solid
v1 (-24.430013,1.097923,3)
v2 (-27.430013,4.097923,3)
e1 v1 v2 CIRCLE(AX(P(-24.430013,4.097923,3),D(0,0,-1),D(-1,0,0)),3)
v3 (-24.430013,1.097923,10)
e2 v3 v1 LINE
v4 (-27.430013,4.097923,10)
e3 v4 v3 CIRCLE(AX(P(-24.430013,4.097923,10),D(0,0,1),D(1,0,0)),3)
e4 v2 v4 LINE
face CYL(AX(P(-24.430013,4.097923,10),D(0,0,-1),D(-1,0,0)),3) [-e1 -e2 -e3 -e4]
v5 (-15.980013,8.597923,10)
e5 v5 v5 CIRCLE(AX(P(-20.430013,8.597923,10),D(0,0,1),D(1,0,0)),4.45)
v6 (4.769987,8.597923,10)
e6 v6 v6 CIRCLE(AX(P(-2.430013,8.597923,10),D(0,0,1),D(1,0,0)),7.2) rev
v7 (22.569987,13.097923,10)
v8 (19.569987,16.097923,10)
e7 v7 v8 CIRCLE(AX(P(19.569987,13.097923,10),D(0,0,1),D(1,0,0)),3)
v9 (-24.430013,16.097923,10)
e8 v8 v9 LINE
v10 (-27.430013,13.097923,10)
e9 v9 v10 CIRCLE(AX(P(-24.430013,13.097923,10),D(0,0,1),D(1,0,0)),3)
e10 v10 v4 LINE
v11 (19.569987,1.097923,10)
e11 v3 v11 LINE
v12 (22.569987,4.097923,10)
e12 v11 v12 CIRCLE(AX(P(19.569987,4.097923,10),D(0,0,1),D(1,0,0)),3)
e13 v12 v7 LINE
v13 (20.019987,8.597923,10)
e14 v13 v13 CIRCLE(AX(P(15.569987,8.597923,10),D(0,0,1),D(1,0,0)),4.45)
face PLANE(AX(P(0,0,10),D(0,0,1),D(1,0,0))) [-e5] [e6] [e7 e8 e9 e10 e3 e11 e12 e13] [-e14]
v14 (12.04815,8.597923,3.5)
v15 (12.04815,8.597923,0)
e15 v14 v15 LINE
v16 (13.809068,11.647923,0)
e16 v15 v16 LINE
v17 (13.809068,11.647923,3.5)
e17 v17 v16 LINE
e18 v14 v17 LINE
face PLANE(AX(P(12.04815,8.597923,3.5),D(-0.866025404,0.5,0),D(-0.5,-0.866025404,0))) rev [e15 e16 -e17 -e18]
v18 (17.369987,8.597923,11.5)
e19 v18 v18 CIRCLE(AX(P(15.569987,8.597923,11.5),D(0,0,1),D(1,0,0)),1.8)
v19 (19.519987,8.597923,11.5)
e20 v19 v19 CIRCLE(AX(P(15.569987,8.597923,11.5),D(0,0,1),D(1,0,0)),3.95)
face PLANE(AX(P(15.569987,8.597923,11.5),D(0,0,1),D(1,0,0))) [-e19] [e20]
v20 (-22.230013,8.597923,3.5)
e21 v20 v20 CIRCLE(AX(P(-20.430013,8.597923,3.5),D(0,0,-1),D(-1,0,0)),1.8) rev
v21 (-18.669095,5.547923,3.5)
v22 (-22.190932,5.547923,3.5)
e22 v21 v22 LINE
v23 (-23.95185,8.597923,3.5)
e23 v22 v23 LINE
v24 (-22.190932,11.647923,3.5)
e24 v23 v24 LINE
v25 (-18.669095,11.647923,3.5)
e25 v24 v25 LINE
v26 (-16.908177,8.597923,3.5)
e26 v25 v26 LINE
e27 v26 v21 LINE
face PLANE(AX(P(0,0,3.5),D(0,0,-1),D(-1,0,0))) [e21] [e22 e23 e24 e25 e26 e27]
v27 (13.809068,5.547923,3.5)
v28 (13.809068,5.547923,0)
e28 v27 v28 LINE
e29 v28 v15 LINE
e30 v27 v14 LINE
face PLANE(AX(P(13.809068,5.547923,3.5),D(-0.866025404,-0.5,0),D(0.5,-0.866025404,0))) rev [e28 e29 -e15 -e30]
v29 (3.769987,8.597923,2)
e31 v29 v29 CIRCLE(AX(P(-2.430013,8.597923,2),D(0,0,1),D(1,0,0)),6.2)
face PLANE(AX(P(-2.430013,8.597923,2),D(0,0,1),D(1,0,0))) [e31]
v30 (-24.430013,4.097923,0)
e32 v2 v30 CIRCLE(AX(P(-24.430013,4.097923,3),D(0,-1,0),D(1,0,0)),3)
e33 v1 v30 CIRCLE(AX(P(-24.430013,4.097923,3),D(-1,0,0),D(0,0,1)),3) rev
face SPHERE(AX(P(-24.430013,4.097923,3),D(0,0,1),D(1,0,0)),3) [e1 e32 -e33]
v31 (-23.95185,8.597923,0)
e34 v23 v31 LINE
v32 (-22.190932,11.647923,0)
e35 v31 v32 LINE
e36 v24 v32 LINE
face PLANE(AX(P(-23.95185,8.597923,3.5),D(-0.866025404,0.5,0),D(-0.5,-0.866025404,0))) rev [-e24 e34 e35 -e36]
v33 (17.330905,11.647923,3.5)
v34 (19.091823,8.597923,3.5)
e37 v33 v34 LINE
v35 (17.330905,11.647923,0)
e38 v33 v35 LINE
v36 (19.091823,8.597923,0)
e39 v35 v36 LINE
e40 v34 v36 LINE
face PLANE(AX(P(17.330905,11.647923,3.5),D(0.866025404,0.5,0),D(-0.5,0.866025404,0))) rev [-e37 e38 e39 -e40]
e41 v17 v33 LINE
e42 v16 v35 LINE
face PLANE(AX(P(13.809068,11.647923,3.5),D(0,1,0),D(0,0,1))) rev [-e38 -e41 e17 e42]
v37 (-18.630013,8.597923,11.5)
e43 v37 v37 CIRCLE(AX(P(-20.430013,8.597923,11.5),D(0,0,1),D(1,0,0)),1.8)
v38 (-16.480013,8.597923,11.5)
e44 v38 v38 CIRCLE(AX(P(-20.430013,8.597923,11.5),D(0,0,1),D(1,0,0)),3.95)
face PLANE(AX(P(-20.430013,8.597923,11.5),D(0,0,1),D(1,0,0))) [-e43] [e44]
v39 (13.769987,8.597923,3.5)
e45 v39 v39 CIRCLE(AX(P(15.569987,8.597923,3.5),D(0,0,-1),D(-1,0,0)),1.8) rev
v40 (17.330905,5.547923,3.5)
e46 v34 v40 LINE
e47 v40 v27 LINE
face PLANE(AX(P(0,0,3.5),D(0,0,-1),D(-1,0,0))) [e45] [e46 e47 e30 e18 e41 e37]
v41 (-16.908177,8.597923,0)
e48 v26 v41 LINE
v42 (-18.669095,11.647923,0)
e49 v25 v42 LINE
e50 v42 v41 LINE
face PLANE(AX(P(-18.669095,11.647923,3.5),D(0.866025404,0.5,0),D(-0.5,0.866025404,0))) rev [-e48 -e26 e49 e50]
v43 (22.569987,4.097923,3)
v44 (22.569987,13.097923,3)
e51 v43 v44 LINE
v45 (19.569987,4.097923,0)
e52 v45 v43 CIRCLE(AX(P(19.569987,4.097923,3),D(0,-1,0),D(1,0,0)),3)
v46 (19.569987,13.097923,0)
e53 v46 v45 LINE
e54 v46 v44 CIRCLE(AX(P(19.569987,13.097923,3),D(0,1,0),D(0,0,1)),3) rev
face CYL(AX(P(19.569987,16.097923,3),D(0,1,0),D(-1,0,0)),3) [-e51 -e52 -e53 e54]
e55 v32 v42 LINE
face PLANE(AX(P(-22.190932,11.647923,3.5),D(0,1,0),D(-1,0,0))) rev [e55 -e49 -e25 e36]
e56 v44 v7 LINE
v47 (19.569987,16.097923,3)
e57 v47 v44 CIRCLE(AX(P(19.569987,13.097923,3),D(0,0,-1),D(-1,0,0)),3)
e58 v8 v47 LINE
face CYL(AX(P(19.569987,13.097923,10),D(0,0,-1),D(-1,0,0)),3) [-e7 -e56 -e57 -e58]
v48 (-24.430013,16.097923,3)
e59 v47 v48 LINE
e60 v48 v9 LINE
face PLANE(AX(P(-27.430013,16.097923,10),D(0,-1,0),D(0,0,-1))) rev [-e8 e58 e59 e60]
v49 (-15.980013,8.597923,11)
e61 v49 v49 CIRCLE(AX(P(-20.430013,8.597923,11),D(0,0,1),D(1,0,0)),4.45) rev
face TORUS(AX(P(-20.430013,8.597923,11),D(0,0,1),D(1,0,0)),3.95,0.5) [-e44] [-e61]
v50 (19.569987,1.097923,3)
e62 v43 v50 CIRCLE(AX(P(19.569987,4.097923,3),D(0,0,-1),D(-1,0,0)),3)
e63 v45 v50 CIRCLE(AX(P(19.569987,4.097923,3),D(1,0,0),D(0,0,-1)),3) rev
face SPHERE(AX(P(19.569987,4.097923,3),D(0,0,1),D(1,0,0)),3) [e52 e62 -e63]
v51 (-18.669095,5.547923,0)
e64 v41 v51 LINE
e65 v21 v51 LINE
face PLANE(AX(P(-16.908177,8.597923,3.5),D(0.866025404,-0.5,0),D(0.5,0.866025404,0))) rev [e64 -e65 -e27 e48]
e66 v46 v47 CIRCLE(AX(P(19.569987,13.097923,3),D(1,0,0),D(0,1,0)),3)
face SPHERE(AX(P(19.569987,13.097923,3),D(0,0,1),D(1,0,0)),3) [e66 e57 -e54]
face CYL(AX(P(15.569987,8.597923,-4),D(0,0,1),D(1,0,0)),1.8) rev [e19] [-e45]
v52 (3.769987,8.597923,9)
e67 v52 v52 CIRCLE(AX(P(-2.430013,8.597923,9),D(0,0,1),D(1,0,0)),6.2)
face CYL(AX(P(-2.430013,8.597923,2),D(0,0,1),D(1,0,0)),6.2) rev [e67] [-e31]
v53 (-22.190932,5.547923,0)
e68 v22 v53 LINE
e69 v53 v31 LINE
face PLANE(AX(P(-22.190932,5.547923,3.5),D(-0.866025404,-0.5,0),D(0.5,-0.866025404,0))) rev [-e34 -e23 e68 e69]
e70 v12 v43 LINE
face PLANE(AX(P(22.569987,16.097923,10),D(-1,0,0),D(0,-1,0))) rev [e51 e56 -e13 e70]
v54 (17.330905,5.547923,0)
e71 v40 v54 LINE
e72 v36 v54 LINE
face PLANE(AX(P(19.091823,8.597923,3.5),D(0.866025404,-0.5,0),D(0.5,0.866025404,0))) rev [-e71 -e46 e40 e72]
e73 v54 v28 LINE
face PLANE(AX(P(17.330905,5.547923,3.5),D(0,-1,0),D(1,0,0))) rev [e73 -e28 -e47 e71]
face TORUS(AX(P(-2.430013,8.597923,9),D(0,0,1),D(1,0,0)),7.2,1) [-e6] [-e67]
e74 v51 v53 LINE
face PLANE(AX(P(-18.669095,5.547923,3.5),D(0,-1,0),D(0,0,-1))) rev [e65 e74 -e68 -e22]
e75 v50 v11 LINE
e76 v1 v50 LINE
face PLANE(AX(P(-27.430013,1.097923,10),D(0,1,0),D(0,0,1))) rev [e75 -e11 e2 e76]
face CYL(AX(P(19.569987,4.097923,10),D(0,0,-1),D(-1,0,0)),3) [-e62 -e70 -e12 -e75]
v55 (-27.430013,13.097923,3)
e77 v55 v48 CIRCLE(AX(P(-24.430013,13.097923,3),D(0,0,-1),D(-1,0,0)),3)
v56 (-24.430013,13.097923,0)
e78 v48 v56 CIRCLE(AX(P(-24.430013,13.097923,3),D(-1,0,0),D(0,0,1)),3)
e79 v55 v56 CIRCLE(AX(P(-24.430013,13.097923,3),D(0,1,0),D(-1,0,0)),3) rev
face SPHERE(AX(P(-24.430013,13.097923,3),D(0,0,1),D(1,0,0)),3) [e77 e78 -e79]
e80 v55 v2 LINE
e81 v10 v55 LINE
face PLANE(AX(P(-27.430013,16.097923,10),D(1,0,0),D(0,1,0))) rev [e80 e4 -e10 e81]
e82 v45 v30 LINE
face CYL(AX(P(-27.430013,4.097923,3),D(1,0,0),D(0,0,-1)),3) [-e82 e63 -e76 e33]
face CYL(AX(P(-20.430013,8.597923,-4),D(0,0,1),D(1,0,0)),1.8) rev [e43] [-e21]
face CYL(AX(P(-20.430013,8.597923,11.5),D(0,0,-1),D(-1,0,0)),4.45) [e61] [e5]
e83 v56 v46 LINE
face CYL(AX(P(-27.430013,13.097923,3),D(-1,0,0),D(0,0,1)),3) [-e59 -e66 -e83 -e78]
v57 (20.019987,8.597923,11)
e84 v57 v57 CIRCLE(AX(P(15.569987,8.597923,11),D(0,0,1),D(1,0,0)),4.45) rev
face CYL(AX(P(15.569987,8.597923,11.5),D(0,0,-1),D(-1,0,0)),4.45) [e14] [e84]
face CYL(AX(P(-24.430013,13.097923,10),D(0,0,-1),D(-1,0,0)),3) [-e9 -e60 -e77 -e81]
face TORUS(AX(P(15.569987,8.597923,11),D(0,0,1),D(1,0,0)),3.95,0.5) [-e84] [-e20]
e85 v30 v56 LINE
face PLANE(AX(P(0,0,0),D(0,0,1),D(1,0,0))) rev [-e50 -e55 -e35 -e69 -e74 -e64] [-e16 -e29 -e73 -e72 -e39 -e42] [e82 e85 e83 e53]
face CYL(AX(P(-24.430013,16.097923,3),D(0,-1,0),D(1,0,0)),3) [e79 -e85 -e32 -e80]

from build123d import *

# Parameters (mm, degrees)
CROQUIS1_W              = 50
CROQUIS1_H              = 15
SALIENTE_EXTRUIR1_DEPTH = 10
CROQUIS2_R              = 6.2
CROQUIS2_R_2            = 4.45
SALIENTE_EXTRUIR2_DEPTH = 1.5
CORTAR_EXTRUIR1_START   = -9.5
CROQUIS3_R              = 6.2
CORTAR_EXTRUIR1_DEPTH   = 9.5
CROQUIS4_R              = 1.8
CORTAR_EXTRUIR2_DEPTH   = 15.5
CORTAR_EXTRUIR3_DEPTH   = 3.5
REDONDEO1_R             = 3
REDONDEO2_R             = 1
REDONDEO3_R             = 0.5


with BuildPart() as part:
    # Croquis1 → Saliente-Extruir1 (new body)
    with BuildSketch(Plane.XY):
        with Locations((-2.430013275, 8.597922849)):
            Rectangle(CROQUIS1_W, CROQUIS1_H)
    extrude(amount=SALIENTE_EXTRUIR1_DEPTH)

    # Croquis2 → Saliente-Extruir2 (add)
    with BuildSketch(Plane.XY.offset(10)):
        with Locations((-2.430013275, 8.597922849)):
            Circle(CROQUIS2_R)
        with Locations((-20.430013275, 8.597922849)):
            Circle(CROQUIS2_R_2)
        with Locations((15.569986725, 8.597922849)):
            Circle(CROQUIS2_R_2)
    extrude(amount=SALIENTE_EXTRUIR2_DEPTH)

    # Croquis3 → Cortar-Extruir1 (cut)
    with BuildSketch(Plane.XY.offset(11.5).offset(CORTAR_EXTRUIR1_START)):
        with Locations((-2.430013275, 8.597922849)):
            Circle(CROQUIS3_R)
    extrude(amount=CORTAR_EXTRUIR1_DEPTH, mode=Mode.SUBTRACT)

    # Croquis4 → Cortar-Extruir2 (cut)
    with BuildSketch(Plane.XY.offset(11.5)):
        with Locations((-20.430013275, 8.597922849)):
            Circle(CROQUIS4_R)
        with Locations((15.569986725, 8.597922849)):
            Circle(CROQUIS4_R)
    extrude(amount=-CORTAR_EXTRUIR2_DEPTH, mode=Mode.SUBTRACT)

    # Croquis5 → Cortar-Extruir3 (cut)
    with BuildSketch(Plane(origin=(0, 0, 0), x_dir=(-1, 0, 0), z_dir=(0, 0, -1))):
        Polygon((-12.048150083, 8.597922849), (-13.809068404, 11.647922849), (-17.330905046, 11.647922849), (-19.091823367, 8.597922849), (-17.330905046, 5.547922849), (-13.809068404, 5.547922849), align=None)
        Polygon((23.951849917, 8.597922849), (22.190931596, 11.647922849), (18.669094954, 11.647922849), (16.908176633, 8.597922849), (18.669094954, 5.547922849), (22.190931596, 5.547922849), align=None)
    extrude(amount=-CORTAR_EXTRUIR3_DEPTH, mode=Mode.SUBTRACT)

    # Redondeo1
    redondeo1_edges = [part.edges().sort_by_distance(p)[0] for p in [
        (-2.430013275, 16.097922849, 0),
        (22.569986725, 8.597922849, 0),
        (-2.430013275, 1.097922849, 0),
        (-27.430013275, 8.597922849, 0),
        (-27.430013275, 16.097922849, 5),
        (22.569986725, 16.097922849, 5),
        (22.569986725, 1.097922849, 5),
        (-27.430013275, 1.097922849, 5),
    ]]
    fillet(redondeo1_edges, radius=REDONDEO1_R)

    # Redondeo2
    redondeo2_edges = [part.edges().sort_by_distance(p)[0] for p in [
        (-8.630013275, 8.597922849, 10),
    ]]
    fillet(redondeo2_edges, radius=REDONDEO2_R)

    # Redondeo3
    redondeo3_edges = [part.edges().sort_by_distance(p)[0] for p in [
        (-24.880013275, 8.597922849, 11.5),
        (11.119986725, 8.597922849, 11.5),
    ]]
    fillet(redondeo3_edges, radius=REDONDEO3_R)


solid = part.part
